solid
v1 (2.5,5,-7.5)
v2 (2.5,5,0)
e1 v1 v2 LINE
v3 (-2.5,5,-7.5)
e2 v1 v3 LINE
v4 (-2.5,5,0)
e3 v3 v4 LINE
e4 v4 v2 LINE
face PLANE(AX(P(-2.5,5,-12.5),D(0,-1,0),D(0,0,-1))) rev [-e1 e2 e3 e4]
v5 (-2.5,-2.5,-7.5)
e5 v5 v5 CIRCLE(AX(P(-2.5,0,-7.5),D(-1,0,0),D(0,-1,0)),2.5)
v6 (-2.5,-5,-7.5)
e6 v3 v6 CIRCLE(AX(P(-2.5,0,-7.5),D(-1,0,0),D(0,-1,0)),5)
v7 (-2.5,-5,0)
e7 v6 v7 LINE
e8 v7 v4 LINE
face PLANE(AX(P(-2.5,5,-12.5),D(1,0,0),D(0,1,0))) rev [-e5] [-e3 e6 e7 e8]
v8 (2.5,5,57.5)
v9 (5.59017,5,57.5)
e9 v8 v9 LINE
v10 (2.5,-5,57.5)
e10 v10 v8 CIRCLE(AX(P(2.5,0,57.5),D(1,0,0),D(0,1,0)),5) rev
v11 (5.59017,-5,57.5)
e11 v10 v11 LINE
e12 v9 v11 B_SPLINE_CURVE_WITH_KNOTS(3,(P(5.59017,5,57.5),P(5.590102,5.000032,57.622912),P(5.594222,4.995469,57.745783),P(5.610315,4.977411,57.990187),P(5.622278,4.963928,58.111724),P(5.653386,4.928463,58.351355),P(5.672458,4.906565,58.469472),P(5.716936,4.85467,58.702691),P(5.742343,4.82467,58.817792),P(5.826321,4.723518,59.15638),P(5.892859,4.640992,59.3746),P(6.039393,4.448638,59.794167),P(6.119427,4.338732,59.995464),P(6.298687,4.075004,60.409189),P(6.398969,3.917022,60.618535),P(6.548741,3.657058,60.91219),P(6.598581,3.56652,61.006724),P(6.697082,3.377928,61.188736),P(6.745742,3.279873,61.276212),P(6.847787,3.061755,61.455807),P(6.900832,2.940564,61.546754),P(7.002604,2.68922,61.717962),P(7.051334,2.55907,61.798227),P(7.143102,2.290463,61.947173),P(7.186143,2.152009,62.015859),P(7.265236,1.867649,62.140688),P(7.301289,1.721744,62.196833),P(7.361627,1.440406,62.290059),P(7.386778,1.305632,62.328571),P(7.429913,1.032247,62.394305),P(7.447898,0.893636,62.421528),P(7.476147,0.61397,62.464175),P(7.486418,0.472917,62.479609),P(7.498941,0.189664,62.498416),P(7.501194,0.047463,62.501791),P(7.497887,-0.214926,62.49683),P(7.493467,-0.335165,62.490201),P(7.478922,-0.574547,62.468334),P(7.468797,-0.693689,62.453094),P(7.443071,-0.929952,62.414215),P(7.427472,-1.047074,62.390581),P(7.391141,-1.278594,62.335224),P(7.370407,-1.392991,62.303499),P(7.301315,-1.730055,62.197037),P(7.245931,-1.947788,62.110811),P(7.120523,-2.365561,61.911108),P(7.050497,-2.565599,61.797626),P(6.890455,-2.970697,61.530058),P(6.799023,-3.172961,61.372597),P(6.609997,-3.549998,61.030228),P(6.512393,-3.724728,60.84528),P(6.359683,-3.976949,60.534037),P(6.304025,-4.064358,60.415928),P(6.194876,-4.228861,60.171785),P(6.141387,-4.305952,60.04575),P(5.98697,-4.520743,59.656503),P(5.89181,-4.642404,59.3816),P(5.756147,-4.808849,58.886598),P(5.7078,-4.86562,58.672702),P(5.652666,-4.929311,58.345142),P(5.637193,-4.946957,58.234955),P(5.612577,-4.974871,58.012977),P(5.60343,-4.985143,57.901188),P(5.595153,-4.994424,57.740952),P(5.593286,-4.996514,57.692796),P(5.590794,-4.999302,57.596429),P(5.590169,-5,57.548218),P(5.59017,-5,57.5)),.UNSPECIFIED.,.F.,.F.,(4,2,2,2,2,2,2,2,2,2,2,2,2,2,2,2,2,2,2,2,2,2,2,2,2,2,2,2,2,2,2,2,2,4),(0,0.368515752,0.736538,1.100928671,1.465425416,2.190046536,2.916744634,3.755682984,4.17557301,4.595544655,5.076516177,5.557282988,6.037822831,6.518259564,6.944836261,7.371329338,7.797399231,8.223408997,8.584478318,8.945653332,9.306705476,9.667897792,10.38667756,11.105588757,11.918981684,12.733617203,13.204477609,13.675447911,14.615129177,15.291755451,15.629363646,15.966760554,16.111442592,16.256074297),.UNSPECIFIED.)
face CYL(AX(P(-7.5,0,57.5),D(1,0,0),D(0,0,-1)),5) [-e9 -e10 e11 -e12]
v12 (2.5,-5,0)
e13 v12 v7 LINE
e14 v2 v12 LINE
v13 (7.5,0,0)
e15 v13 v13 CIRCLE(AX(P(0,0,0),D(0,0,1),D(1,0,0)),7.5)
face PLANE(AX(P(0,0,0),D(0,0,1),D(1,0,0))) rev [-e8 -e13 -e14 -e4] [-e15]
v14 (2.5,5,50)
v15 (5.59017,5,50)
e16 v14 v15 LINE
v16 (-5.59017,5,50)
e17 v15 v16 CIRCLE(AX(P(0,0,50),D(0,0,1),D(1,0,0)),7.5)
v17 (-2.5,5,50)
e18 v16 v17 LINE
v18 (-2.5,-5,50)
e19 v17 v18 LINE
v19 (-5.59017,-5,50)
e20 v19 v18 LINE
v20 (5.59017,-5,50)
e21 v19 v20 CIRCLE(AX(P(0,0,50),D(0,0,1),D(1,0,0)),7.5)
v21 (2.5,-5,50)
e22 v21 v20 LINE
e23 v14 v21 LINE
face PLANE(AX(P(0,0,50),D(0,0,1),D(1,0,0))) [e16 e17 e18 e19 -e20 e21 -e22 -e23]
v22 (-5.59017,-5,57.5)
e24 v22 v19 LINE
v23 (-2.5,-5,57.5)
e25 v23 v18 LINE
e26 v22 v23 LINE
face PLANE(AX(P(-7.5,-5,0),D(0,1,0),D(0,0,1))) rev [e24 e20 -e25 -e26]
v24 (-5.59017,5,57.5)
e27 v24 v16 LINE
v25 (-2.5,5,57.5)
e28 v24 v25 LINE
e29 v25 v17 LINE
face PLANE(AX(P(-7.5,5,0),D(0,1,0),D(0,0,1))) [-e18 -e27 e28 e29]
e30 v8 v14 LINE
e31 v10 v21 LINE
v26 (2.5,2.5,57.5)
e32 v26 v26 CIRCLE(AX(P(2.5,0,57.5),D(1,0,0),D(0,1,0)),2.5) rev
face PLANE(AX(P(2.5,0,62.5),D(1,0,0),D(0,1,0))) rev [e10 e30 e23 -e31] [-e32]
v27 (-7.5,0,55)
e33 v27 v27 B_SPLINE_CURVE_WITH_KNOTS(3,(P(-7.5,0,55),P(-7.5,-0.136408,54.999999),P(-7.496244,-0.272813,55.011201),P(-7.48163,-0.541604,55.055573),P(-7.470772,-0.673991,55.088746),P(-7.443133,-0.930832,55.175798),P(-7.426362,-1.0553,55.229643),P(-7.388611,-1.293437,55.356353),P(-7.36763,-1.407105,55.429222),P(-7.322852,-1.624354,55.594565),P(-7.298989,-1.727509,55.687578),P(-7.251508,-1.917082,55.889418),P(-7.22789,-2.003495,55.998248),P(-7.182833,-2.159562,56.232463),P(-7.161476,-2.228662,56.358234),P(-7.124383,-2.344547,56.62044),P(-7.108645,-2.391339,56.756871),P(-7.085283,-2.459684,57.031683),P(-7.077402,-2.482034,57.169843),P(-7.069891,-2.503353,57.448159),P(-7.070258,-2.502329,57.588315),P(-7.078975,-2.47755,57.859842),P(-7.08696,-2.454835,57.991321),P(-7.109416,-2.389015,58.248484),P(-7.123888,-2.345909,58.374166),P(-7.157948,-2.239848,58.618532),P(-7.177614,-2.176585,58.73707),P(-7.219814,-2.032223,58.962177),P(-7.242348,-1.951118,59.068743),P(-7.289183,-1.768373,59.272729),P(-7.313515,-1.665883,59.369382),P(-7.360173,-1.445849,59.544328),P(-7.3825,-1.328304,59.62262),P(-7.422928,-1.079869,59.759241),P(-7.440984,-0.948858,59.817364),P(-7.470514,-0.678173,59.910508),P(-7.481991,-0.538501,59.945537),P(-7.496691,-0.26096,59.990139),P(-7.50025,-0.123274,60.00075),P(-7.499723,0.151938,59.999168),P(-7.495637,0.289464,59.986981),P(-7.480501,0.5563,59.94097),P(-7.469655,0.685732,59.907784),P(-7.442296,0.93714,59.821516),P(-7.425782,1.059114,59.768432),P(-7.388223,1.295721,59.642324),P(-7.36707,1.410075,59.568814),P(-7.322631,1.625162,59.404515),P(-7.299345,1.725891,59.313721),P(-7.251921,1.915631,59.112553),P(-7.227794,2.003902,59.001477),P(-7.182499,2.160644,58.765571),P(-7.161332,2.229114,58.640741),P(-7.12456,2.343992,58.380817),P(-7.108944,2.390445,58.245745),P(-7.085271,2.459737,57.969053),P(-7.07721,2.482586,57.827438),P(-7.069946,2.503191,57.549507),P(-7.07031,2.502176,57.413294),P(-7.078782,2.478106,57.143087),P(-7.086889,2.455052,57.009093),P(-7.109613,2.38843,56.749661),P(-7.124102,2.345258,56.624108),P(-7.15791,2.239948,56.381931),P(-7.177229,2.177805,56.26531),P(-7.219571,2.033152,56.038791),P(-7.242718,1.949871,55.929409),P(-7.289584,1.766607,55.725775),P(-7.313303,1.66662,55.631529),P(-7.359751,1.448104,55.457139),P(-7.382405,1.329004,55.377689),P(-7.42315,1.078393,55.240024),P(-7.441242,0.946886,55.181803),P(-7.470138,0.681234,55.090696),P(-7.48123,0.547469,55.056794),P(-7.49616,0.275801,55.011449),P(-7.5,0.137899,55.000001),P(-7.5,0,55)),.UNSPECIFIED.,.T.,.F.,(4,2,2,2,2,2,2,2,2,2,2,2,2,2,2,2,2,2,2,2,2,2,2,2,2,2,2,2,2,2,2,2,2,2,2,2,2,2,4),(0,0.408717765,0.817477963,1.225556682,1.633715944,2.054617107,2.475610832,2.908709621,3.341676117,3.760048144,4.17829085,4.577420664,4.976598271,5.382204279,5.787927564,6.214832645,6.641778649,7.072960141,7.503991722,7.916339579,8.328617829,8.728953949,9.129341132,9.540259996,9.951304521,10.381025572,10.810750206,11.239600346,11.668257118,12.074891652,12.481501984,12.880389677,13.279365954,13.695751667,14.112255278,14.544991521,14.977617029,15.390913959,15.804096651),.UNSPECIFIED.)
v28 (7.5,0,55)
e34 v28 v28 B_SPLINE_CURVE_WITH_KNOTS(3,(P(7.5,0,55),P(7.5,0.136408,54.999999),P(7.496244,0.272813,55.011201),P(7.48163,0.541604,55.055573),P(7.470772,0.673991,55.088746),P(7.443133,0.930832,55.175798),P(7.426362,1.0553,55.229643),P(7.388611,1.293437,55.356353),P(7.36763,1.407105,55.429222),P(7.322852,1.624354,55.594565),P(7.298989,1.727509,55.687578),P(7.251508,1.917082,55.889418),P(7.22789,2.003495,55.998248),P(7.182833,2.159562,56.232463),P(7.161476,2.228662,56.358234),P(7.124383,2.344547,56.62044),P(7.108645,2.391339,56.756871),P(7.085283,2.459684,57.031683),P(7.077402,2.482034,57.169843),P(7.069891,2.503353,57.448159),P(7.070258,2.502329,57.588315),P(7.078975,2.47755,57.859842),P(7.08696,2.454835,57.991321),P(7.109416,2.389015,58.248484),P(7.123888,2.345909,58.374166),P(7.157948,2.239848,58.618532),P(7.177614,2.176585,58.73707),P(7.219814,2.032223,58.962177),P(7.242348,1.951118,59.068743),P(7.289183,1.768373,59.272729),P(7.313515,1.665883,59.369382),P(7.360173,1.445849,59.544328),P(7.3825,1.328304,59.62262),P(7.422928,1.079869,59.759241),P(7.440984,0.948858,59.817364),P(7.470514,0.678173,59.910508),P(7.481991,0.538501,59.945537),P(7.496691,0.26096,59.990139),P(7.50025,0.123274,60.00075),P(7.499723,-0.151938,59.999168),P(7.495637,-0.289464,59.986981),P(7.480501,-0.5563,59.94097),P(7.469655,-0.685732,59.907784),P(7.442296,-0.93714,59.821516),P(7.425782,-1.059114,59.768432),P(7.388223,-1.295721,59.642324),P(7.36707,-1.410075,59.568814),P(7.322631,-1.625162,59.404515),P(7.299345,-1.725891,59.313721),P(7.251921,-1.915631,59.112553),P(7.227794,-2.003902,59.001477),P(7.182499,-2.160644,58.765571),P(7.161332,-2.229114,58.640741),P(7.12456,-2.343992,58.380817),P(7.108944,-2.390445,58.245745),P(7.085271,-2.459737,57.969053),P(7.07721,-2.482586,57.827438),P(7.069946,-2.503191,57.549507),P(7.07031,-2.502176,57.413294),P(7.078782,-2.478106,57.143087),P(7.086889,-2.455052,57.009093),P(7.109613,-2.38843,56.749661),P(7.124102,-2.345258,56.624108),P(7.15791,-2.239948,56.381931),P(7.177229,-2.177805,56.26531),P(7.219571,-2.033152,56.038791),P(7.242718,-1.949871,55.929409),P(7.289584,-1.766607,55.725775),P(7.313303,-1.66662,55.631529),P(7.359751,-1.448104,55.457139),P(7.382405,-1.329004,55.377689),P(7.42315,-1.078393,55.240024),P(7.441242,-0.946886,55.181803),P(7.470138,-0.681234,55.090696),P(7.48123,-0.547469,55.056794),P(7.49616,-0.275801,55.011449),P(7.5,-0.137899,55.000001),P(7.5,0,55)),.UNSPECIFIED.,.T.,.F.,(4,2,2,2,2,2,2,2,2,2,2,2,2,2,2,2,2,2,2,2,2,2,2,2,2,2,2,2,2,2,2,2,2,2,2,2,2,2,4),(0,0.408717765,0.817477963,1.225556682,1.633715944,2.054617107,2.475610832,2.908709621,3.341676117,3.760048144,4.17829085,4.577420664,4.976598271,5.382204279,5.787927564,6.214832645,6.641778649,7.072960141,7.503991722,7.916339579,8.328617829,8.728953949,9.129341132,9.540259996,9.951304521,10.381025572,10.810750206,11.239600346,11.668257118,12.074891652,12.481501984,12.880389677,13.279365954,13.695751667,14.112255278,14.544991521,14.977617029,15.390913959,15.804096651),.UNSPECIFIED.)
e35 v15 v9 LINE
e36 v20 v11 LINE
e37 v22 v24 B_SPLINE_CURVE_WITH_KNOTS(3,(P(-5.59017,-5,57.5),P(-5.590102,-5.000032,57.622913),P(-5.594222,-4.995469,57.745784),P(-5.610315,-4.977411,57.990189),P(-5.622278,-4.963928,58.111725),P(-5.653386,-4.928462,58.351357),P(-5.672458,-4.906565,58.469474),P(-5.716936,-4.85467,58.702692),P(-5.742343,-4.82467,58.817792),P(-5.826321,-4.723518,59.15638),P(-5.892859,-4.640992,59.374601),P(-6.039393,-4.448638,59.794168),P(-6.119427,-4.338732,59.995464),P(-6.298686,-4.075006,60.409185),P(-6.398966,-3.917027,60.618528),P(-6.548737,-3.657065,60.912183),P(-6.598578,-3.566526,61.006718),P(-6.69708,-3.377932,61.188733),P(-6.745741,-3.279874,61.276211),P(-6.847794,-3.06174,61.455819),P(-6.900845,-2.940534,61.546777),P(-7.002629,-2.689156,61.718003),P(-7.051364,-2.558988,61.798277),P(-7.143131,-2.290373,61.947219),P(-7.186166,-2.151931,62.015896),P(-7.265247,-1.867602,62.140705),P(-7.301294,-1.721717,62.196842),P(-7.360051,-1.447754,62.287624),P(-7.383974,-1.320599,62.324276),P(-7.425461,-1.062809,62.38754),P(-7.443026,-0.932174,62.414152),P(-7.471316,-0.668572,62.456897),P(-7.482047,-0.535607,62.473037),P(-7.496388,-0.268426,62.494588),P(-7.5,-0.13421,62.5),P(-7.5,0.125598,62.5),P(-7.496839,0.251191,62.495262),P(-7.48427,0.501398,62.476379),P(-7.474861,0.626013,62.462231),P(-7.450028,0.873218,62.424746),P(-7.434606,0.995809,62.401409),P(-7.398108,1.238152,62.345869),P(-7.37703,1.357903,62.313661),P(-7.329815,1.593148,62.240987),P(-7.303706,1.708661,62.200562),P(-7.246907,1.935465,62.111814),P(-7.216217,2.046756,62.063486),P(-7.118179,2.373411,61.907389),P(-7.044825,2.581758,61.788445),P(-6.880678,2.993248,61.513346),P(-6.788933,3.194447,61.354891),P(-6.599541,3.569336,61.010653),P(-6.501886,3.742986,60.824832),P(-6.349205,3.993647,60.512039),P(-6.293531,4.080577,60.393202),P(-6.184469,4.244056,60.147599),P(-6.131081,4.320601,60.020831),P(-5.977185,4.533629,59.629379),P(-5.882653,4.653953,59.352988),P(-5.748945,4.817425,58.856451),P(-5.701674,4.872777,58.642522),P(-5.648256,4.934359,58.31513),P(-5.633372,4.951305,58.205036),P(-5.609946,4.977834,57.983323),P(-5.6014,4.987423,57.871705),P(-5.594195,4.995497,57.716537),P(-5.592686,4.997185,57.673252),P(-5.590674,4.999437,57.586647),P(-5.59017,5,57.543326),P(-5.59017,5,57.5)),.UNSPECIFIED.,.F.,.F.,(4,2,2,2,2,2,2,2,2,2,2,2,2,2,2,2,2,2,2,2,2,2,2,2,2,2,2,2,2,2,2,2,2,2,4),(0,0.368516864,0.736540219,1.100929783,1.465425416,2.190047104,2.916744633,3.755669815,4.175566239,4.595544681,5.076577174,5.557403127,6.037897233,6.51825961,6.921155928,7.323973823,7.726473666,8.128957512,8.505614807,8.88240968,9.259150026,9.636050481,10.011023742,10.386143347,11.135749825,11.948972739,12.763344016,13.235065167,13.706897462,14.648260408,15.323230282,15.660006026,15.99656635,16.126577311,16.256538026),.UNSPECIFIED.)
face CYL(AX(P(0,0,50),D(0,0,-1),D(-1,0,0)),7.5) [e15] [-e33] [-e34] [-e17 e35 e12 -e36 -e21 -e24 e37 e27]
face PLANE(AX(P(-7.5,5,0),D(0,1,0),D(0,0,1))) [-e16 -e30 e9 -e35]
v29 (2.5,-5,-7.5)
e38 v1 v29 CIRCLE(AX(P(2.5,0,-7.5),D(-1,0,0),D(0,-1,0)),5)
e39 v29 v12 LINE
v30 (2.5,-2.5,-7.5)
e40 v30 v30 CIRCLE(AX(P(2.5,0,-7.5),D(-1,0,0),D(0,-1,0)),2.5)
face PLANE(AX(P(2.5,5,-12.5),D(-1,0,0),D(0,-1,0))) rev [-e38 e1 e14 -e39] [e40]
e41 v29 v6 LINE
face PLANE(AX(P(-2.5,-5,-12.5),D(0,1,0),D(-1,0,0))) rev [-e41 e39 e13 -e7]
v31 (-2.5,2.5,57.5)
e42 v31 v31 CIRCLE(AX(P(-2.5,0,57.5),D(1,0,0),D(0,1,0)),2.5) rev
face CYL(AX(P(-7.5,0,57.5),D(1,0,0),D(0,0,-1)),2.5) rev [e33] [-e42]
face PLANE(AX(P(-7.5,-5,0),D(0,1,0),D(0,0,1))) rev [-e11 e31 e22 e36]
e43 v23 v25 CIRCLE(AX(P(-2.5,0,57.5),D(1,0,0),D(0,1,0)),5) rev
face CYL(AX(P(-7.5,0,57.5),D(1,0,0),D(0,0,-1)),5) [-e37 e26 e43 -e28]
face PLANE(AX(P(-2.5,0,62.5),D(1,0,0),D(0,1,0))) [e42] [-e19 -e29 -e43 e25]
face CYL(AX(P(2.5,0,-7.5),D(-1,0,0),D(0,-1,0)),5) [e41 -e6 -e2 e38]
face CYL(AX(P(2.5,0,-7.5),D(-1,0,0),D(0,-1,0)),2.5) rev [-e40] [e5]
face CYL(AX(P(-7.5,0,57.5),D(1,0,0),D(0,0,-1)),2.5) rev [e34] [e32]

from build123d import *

# Parameters (mm, degrees)
CROQUIS1_R                   = 7.5
SALIENTE_EXTRUIR1_DEPTH      = 50
CROQUIS4_W                   = 5
CROQUIS4_H                   = 10
SALIENTE_EXTRUIR2_DEPTH      = 12.5
CROQUIS5_R                   = 2.5
CORTAR_EXTRUIR1_DEPTH        = 5
SALIENTE_EXTRUIR4_DEPTH      = 7.5
SALIENTE_EXTRUIR4_DEPTH_BACK = 7.5
CROQUIS9_R                   = 2.5
CROQUIS10_W                  = 5
CROQUIS10_H                  = 10
CORTAR_EXTRUIR2_DEPTH        = 12.5
CROQUIS11_R                  = 10
CROQUIS11_R_2                = 7.5
CORTAR_EXTRUIR3_DEPTH        = 12.5


with BuildPart() as part:
    # Croquis1 → Saliente-Extruir1 (new body)
    with BuildSketch(Plane.XY):
        Circle(CROQUIS1_R)
    extrude(amount=SALIENTE_EXTRUIR1_DEPTH)

    # Croquis4 → Saliente-Extruir2 (add)
    with BuildSketch(Plane(origin=(0, 0, 0), x_dir=(-1, 0, 0), z_dir=(0, 0, -1))):
        Rectangle(CROQUIS4_W, CROQUIS4_H)
    extrude(amount=SALIENTE_EXTRUIR2_DEPTH)

    # Croquis5 → Cortar-Extruir1 (cut)
    with BuildSketch(Plane.ZY.offset(2.5)):
        with BuildLine():
            ThreePointArc((-7.5, -5), (-11.035533906, -3.535533906), (-12.5, 0))
            Line((-12.5, 0), (-12.5, -5))
            Line((-12.5, -5), (-7.5, -5))
        make_face()
        with BuildLine():
            ThreePointArc((-12.5, 0), (-11.035533906, 3.535533906), (-7.5, 5))
            Line((-7.5, 5), (-12.5, 5))
            Line((-12.5, 5), (-12.5, 0))
        make_face()
        with Locations(Location((-7.5, 0, 0), (0, 0, 270))):
            Circle(CROQUIS5_R)
    extrude(amount=-CORTAR_EXTRUIR1_DEPTH, mode=Mode.SUBTRACT)

    # Croquis9 → Saliente-Extruir4 (add, two sides: drawn at the far end of the back side and taken through both)
    with BuildSketch(Plane(origin=(0, 0, 0), x_dir=(0, 0, -1), z_dir=(1, 0, 0)).offset(-SALIENTE_EXTRUIR4_DEPTH_BACK)):
        with BuildLine():
            Line((-50, -5), (-50, 5))
            Line((-50, 5), (-57.5, 5))
            ThreePointArc((-57.5, 5), (-61.035533906, 3.535533906), (-62.5, 0))
            ThreePointArc((-62.5, 0), (-61.035533906, -3.535533906), (-57.5, -5))
            Line((-57.5, -5), (-50, -5))
        make_face()
        with Locations((-57.5, 0)):
            Circle(CROQUIS9_R, mode=Mode.SUBTRACT)
    extrude(amount=SALIENTE_EXTRUIR4_DEPTH + SALIENTE_EXTRUIR4_DEPTH_BACK)

    # Croquis10 → Cortar-Extruir2 (cut)
    with BuildSketch(Plane.XY.offset(50)):
        Rectangle(CROQUIS10_W, CROQUIS10_H)
    extrude(amount=CORTAR_EXTRUIR2_DEPTH, mode=Mode.SUBTRACT)

    # Croquis11 → Cortar-Extruir3 (cut)
    with BuildSketch(Plane.XY.offset(50)):
        Circle(CROQUIS11_R)
        with Locations(Location((0, 0, 0), (0, 0, 221.810314896))):
            Circle(CROQUIS11_R_2, mode=Mode.SUBTRACT)
    extrude(amount=CORTAR_EXTRUIR3_DEPTH, mode=Mode.SUBTRACT)


solid = part.part
